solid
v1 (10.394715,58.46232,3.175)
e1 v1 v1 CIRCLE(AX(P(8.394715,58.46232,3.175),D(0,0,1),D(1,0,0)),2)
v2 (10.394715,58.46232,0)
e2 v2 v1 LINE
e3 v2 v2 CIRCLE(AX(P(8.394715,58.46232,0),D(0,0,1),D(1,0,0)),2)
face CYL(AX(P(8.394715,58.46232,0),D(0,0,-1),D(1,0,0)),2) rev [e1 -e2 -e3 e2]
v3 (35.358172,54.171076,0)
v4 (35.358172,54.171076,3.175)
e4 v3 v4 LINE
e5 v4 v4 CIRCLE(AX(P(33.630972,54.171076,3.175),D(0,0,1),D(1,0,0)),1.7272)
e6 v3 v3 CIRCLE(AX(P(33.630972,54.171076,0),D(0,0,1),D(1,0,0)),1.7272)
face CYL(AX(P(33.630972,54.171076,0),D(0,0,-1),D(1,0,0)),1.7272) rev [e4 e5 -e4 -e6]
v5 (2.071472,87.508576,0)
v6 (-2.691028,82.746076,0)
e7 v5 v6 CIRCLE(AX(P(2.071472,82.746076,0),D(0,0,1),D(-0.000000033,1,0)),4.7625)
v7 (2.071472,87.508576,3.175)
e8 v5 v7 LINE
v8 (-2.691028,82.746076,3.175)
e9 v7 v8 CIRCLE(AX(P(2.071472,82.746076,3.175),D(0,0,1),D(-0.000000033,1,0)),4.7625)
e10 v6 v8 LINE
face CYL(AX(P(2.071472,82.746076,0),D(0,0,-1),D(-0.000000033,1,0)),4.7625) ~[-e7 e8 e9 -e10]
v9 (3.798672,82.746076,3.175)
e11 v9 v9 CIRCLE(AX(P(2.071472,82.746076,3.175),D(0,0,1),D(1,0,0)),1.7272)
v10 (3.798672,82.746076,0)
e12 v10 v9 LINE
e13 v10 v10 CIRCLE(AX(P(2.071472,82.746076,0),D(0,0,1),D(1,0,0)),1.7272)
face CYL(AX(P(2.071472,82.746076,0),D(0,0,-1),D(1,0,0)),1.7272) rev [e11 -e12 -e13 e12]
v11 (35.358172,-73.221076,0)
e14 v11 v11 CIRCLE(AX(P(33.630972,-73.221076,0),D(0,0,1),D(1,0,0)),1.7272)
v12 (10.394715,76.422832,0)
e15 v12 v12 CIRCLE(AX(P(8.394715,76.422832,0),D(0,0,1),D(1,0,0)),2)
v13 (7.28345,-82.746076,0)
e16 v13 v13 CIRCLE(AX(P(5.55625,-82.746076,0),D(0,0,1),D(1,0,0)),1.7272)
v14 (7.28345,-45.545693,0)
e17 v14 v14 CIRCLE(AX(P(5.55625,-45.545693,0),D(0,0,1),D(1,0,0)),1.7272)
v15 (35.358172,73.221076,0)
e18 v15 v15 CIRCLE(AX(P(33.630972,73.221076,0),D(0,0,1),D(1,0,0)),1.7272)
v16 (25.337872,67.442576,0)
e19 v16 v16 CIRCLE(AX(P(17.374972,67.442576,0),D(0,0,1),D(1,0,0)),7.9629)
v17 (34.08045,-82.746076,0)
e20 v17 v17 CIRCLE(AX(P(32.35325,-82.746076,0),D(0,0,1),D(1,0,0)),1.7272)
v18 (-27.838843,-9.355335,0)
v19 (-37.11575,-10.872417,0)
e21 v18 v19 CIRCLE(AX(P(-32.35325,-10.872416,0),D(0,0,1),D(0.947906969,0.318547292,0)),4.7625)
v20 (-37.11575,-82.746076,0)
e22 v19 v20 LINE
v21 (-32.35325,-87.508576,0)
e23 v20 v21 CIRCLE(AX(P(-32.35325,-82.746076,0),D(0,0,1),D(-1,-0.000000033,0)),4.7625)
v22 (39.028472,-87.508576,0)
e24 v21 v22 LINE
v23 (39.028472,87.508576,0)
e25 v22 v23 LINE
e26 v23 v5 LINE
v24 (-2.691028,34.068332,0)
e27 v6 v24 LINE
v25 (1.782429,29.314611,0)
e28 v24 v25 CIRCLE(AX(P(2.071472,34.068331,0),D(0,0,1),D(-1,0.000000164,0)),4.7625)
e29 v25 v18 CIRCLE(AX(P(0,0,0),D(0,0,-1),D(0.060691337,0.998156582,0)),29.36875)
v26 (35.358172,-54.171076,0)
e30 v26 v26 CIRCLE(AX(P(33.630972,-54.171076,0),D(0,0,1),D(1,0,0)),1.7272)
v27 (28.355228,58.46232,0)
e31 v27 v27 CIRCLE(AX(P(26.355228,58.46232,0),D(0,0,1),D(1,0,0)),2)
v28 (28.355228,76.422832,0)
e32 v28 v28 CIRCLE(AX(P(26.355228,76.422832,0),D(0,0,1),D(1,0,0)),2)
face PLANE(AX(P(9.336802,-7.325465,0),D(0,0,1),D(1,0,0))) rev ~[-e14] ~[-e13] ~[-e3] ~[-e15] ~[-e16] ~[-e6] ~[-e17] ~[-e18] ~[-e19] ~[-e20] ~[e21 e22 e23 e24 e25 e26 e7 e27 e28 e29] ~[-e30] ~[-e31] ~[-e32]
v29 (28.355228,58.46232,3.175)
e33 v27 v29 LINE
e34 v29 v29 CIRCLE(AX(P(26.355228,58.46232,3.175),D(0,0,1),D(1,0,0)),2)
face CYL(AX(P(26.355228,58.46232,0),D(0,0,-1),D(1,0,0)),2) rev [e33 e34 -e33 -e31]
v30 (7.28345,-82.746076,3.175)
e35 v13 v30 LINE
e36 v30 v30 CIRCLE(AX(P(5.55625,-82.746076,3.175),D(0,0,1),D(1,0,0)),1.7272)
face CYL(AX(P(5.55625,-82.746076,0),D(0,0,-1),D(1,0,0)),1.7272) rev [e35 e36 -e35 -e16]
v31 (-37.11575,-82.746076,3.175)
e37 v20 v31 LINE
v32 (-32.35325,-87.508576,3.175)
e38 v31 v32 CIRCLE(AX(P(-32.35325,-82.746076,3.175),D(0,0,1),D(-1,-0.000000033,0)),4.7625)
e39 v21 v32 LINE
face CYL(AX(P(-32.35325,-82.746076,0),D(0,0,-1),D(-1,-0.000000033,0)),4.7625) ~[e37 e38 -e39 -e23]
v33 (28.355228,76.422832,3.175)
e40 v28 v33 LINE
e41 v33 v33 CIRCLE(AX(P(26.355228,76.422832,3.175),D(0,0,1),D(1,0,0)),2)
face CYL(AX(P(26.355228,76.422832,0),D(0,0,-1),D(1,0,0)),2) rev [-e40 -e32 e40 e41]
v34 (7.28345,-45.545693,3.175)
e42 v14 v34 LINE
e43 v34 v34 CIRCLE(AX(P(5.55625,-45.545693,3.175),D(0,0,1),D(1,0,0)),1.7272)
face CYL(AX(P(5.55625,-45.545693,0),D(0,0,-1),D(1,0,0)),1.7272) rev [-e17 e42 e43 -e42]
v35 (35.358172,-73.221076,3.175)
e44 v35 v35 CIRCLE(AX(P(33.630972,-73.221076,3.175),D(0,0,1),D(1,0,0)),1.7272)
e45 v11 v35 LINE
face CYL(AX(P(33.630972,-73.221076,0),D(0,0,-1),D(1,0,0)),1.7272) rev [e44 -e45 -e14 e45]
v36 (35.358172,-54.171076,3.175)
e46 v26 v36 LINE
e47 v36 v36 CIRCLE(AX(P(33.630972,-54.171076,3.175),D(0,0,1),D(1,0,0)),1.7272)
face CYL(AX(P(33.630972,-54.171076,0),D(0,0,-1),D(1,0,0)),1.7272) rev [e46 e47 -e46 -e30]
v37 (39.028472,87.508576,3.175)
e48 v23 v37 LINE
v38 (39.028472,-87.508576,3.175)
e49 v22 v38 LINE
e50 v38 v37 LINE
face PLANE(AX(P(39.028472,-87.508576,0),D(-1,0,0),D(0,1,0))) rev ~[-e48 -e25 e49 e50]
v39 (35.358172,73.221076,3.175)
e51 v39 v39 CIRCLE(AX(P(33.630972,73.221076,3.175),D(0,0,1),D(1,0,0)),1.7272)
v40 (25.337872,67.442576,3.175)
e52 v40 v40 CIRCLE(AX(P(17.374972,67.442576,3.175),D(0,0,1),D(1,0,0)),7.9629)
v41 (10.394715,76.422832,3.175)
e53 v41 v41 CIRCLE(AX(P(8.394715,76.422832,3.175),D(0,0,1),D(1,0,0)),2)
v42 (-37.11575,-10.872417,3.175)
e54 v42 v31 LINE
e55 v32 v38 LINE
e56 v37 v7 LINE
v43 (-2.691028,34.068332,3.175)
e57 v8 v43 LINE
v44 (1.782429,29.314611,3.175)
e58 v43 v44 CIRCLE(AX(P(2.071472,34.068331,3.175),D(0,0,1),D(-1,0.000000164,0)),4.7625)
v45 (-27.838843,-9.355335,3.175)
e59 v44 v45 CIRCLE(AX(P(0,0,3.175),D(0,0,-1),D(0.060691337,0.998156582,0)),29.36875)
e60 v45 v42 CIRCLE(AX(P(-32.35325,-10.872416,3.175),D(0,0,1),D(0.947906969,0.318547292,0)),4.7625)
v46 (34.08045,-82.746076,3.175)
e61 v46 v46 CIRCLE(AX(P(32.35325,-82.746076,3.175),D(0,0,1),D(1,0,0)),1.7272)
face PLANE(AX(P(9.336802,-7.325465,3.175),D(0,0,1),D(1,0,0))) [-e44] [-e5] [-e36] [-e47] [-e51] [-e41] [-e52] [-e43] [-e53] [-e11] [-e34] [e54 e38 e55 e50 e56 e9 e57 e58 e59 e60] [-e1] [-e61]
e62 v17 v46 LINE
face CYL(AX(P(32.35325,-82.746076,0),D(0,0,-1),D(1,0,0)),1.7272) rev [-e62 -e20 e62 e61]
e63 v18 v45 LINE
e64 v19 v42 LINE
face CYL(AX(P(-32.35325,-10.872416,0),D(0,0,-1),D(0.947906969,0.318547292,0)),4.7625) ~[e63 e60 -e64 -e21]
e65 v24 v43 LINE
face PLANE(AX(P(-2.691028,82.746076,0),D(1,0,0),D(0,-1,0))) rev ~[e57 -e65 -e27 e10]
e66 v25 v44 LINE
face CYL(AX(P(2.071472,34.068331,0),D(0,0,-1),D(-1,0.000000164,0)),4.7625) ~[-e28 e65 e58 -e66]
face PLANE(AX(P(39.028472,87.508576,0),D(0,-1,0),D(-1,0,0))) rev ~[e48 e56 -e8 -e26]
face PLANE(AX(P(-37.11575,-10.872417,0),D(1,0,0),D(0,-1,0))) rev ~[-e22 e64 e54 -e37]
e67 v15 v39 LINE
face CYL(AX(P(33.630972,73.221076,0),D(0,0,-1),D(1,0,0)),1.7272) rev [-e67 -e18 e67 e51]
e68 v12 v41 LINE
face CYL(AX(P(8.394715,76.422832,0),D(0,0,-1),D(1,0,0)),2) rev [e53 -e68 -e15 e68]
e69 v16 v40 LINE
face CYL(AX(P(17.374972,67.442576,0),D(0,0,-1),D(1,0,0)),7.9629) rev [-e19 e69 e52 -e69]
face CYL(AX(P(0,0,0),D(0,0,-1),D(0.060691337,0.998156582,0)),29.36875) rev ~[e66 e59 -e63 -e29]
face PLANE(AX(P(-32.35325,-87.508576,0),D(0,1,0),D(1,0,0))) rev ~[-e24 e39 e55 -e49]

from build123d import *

# Parameters (mm, degrees)
F0_R     = 1.7272
F0_R_2   = 2
F0_R_3   = 7.9629
F1_DEPTH = 3.175


with BuildPart() as f1:
    # F0 (on Top) → F1 (new body)
    with BuildSketch(Plane.XY):
        with BuildLine():
            Line((-32.35325, -87.508576), (39.028472, -87.508576))
            Line((39.028472, -87.508576), (39.028472, 87.508576))
            Line((39.028472, 87.508576), (2.071472, 87.508576))
            ThreePointArc((2.071472, 87.508576), (-1.296124, 86.113672), (-2.691028, 82.746076))
            Line((-2.691028, 82.746076), (-2.691028, 34.068332))
            ThreePointArc((-2.691028, 34.068332), (-1.396811, 30.804527), (1.782429, 29.314611))
            ThreePointArc((1.782429, 29.314611), (23.314703, -17.859119), (-27.838843, -9.355335))
            ThreePointArc((-27.838843, -9.355335), (-33.121867, -6.172349), (-37.11575, -10.872417))
            Line((-37.11575, -10.872417), (-37.11575, -82.746076))
            ThreePointArc((-37.11575, -82.746076), (-35.720846, -86.113672), (-32.35325, -87.508576))
        make_face()
        with Locations((5.55625, -82.746076)):
            Circle(F0_R, mode=Mode.SUBTRACT)
        with Locations((5.55625, -45.545693)):
            Circle(F0_R, mode=Mode.SUBTRACT)
        with Locations((32.35325, -82.746076)):
            Circle(F0_R, mode=Mode.SUBTRACT)
        with Locations((33.630972, -73.221076)):
            Circle(F0_R, mode=Mode.SUBTRACT)
        with Locations((33.630972, -54.171076)):
            Circle(F0_R, mode=Mode.SUBTRACT)
        with Locations((8.394715, 58.46232)):
            Circle(F0_R_2, mode=Mode.SUBTRACT)
        with Locations((8.394715, 76.422832)):
            Circle(F0_R_2, mode=Mode.SUBTRACT)
        with Locations((2.071472, 82.746076)):
            Circle(F0_R, mode=Mode.SUBTRACT)
        with Locations((17.374972, 67.442576)):
            Circle(F0_R_3, mode=Mode.SUBTRACT)
        with Locations((26.355228, 58.46232)):
            Circle(F0_R_2, mode=Mode.SUBTRACT)
        with Locations((33.630972, 54.171076)):
            Circle(F0_R, mode=Mode.SUBTRACT)
        with Locations((26.355228, 76.422832)):
            Circle(F0_R_2, mode=Mode.SUBTRACT)
        with Locations((33.630972, 73.221076)):
            Circle(F0_R, mode=Mode.SUBTRACT)
    extrude(amount=F1_DEPTH)


solid = f1.part
